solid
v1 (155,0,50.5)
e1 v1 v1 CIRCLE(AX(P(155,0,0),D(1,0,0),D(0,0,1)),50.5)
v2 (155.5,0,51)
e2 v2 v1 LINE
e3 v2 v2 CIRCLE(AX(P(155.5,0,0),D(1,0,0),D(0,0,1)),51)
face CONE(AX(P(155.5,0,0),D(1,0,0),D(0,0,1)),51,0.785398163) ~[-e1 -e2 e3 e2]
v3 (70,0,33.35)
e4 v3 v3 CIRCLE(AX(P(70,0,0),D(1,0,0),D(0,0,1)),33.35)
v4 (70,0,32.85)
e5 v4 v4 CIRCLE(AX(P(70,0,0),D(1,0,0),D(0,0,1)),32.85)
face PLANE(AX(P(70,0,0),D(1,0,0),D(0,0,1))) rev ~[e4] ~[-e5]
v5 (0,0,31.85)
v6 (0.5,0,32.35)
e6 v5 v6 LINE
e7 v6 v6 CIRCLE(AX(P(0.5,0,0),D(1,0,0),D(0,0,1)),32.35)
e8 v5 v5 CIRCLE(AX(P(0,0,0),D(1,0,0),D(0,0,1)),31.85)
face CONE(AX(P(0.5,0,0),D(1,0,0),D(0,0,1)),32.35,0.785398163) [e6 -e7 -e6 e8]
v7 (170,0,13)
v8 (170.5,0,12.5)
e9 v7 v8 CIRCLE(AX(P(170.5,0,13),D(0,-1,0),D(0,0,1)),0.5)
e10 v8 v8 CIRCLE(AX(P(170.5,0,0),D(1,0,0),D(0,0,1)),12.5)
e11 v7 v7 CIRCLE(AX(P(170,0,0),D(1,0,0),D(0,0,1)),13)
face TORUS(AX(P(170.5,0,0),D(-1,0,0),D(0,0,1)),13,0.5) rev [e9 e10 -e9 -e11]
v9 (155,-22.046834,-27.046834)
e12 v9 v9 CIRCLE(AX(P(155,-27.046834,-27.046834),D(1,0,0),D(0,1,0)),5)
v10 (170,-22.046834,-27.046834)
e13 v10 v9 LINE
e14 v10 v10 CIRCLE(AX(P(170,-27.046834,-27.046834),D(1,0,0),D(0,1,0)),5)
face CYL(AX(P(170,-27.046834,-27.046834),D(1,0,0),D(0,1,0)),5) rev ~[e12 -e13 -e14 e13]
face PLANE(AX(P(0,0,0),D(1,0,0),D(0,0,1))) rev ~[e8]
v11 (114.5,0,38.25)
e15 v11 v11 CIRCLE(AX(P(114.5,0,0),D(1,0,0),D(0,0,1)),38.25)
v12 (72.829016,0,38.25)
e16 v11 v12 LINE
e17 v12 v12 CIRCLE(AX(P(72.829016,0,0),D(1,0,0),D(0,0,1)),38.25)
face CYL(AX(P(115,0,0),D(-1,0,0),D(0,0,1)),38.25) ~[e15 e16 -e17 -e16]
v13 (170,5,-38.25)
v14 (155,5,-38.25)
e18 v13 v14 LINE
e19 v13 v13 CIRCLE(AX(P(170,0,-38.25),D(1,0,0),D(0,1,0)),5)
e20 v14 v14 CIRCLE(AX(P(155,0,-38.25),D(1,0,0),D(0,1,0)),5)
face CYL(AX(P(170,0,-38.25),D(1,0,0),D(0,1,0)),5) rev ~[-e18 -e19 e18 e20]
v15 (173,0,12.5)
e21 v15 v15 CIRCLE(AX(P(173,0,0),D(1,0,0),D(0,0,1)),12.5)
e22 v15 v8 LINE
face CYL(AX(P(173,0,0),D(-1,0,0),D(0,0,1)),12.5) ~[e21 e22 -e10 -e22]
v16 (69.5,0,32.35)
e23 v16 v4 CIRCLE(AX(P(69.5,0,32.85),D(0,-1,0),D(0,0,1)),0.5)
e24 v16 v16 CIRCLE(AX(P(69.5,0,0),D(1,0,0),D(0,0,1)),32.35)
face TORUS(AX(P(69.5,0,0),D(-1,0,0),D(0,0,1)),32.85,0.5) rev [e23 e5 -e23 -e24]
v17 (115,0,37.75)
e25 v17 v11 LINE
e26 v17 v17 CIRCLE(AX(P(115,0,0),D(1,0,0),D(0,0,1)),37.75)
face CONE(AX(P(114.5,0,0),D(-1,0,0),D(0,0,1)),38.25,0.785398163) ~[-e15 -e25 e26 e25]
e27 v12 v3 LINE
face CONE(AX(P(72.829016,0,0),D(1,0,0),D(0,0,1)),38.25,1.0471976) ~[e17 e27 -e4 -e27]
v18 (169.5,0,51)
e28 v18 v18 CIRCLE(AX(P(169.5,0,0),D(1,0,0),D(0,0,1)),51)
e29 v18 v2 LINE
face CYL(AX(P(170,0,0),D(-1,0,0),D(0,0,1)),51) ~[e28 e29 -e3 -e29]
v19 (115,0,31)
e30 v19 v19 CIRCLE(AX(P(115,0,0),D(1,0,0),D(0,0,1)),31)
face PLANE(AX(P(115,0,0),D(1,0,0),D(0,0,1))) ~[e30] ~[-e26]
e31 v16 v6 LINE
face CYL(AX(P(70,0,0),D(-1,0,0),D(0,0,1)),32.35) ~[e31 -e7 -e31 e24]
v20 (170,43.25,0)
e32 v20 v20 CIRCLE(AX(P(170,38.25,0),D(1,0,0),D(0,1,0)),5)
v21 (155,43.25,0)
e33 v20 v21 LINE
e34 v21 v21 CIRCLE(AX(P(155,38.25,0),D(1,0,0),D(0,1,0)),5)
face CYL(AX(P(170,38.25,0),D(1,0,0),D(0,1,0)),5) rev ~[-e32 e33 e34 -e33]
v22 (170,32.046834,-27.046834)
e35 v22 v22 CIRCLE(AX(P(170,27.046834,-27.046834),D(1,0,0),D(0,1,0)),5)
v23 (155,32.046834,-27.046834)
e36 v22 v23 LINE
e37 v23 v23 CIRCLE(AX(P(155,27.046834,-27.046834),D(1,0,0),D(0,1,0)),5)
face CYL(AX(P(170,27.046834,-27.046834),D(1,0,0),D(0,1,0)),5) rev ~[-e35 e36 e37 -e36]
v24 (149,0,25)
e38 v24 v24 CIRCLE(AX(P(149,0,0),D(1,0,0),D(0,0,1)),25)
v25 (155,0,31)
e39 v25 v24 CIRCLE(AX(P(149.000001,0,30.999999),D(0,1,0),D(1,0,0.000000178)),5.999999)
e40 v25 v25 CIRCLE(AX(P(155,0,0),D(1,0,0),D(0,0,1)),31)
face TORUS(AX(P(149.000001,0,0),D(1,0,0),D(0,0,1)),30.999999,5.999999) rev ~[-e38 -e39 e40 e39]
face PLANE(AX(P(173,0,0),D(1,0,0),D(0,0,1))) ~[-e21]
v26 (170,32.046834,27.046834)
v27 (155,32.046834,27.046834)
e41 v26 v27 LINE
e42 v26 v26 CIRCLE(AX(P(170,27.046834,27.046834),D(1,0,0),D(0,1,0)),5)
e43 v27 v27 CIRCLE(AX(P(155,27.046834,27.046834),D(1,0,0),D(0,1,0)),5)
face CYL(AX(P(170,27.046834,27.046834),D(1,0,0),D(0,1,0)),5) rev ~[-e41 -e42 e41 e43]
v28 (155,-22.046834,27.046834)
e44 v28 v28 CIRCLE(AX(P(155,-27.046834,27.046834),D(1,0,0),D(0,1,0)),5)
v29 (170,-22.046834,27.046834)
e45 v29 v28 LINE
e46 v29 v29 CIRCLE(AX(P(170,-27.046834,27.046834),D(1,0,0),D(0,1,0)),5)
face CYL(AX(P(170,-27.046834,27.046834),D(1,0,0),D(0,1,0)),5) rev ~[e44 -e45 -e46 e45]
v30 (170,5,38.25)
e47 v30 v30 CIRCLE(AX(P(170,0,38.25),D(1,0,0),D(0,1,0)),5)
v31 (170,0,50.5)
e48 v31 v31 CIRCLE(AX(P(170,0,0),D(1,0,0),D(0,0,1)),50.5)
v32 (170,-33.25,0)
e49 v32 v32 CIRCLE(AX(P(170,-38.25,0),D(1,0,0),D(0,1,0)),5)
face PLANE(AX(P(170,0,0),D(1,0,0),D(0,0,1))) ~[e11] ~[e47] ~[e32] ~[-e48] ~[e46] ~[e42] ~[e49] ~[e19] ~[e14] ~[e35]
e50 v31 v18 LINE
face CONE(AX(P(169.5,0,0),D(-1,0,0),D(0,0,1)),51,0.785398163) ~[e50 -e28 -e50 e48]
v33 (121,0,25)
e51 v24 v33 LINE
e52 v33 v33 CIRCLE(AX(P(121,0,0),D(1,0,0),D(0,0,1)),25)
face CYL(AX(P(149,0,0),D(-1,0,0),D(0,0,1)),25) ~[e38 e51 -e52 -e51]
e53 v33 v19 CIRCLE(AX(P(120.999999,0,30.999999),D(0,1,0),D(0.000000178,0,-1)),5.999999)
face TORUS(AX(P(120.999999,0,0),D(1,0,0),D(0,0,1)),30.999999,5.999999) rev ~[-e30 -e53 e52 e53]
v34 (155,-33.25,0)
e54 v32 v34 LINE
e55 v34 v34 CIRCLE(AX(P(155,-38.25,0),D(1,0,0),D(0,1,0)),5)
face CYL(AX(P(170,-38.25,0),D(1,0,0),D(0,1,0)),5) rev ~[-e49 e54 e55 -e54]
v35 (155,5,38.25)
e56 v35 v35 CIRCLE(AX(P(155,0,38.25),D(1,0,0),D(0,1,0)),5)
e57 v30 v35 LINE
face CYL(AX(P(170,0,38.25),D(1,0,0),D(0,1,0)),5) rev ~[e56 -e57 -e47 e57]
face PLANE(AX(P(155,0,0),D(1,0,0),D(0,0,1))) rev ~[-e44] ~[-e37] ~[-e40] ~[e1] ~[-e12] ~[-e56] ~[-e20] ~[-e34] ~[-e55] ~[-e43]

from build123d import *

# Parameters (mm, degrees)
F2_SIZE  = 0.5
F3_R     = 0.5
F4_R     = 5
F5_DEPTH = 15


with BuildPart() as f1:
    # F0 (on Front) → F1 (revolve)
    with BuildSketch(Plane.XZ):
        with BuildLine():
            Line((0, 32.35), (0, 0))
            Line((0, 0), (173, 0))
            Line((173, 0), (173, 12.5))
            Line((173, 12.5), (170, 12.5))
            Line((170, 12.5), (170, 51))
            Line((170, 51), (155, 51))
            Line((155, 51), (155, 31))
            ThreePointArc((155, 31), (153.242641, 26.757359), (149, 25))
            Line((149, 25), (121, 25))
            ThreePointArc((121, 25), (116.757359, 26.757359), (115, 31))
            Line((115, 31), (115, 38.25))
            Line((115, 38.25), (72.829016, 38.25))
            Line((72.829016, 38.25), (70, 33.35))
            Line((70, 33.35), (70, 32.35))
            Line((70, 32.35), (0, 32.35))
        make_face()
    revolve(axis=Axis((86.5, 0, 0), (1, 0, 0)))

    # F2
    f2_edges = [f1.edges().sort_by_distance(p)[0] for p in [
        (0, 0, -32.35),
        (115, 0, -38.25),
        (155, 0, -51),
        (170, 0, -51),
    ]]
    chamfer(f2_edges, length=F2_SIZE)

    # F3
    f3_edges = [f1.edges().sort_by_distance(p)[0] for p in [
        (70, 0, -32.35),
        (170, 0, -12.5),
    ]]
    fillet(f3_edges, radius=F3_R)

    # F4 (on face) → F5 (cut, through all)
    with BuildSketch(Plane.YZ.offset(170)):
        with Locations((0, 38.25)):
            Circle(F4_R)
        with Locations((-27.046834, 27.046834)):
            Circle(F4_R)
        with Locations((-38.25, 0)):
            Circle(F4_R)
        with Locations((-27.046834, -27.046834)):
            Circle(F4_R)
        with Locations((0, -38.25)):
            Circle(F4_R)
        with Locations((27.046834, -27.046834)):
            Circle(F4_R)
        with Locations((38.25, 0)):
            Circle(F4_R)
        with Locations((27.046834, 27.046834)):
            Circle(F4_R)
    extrude(amount=-F5_DEPTH, mode=Mode.SUBTRACT)


solid = f1.part
